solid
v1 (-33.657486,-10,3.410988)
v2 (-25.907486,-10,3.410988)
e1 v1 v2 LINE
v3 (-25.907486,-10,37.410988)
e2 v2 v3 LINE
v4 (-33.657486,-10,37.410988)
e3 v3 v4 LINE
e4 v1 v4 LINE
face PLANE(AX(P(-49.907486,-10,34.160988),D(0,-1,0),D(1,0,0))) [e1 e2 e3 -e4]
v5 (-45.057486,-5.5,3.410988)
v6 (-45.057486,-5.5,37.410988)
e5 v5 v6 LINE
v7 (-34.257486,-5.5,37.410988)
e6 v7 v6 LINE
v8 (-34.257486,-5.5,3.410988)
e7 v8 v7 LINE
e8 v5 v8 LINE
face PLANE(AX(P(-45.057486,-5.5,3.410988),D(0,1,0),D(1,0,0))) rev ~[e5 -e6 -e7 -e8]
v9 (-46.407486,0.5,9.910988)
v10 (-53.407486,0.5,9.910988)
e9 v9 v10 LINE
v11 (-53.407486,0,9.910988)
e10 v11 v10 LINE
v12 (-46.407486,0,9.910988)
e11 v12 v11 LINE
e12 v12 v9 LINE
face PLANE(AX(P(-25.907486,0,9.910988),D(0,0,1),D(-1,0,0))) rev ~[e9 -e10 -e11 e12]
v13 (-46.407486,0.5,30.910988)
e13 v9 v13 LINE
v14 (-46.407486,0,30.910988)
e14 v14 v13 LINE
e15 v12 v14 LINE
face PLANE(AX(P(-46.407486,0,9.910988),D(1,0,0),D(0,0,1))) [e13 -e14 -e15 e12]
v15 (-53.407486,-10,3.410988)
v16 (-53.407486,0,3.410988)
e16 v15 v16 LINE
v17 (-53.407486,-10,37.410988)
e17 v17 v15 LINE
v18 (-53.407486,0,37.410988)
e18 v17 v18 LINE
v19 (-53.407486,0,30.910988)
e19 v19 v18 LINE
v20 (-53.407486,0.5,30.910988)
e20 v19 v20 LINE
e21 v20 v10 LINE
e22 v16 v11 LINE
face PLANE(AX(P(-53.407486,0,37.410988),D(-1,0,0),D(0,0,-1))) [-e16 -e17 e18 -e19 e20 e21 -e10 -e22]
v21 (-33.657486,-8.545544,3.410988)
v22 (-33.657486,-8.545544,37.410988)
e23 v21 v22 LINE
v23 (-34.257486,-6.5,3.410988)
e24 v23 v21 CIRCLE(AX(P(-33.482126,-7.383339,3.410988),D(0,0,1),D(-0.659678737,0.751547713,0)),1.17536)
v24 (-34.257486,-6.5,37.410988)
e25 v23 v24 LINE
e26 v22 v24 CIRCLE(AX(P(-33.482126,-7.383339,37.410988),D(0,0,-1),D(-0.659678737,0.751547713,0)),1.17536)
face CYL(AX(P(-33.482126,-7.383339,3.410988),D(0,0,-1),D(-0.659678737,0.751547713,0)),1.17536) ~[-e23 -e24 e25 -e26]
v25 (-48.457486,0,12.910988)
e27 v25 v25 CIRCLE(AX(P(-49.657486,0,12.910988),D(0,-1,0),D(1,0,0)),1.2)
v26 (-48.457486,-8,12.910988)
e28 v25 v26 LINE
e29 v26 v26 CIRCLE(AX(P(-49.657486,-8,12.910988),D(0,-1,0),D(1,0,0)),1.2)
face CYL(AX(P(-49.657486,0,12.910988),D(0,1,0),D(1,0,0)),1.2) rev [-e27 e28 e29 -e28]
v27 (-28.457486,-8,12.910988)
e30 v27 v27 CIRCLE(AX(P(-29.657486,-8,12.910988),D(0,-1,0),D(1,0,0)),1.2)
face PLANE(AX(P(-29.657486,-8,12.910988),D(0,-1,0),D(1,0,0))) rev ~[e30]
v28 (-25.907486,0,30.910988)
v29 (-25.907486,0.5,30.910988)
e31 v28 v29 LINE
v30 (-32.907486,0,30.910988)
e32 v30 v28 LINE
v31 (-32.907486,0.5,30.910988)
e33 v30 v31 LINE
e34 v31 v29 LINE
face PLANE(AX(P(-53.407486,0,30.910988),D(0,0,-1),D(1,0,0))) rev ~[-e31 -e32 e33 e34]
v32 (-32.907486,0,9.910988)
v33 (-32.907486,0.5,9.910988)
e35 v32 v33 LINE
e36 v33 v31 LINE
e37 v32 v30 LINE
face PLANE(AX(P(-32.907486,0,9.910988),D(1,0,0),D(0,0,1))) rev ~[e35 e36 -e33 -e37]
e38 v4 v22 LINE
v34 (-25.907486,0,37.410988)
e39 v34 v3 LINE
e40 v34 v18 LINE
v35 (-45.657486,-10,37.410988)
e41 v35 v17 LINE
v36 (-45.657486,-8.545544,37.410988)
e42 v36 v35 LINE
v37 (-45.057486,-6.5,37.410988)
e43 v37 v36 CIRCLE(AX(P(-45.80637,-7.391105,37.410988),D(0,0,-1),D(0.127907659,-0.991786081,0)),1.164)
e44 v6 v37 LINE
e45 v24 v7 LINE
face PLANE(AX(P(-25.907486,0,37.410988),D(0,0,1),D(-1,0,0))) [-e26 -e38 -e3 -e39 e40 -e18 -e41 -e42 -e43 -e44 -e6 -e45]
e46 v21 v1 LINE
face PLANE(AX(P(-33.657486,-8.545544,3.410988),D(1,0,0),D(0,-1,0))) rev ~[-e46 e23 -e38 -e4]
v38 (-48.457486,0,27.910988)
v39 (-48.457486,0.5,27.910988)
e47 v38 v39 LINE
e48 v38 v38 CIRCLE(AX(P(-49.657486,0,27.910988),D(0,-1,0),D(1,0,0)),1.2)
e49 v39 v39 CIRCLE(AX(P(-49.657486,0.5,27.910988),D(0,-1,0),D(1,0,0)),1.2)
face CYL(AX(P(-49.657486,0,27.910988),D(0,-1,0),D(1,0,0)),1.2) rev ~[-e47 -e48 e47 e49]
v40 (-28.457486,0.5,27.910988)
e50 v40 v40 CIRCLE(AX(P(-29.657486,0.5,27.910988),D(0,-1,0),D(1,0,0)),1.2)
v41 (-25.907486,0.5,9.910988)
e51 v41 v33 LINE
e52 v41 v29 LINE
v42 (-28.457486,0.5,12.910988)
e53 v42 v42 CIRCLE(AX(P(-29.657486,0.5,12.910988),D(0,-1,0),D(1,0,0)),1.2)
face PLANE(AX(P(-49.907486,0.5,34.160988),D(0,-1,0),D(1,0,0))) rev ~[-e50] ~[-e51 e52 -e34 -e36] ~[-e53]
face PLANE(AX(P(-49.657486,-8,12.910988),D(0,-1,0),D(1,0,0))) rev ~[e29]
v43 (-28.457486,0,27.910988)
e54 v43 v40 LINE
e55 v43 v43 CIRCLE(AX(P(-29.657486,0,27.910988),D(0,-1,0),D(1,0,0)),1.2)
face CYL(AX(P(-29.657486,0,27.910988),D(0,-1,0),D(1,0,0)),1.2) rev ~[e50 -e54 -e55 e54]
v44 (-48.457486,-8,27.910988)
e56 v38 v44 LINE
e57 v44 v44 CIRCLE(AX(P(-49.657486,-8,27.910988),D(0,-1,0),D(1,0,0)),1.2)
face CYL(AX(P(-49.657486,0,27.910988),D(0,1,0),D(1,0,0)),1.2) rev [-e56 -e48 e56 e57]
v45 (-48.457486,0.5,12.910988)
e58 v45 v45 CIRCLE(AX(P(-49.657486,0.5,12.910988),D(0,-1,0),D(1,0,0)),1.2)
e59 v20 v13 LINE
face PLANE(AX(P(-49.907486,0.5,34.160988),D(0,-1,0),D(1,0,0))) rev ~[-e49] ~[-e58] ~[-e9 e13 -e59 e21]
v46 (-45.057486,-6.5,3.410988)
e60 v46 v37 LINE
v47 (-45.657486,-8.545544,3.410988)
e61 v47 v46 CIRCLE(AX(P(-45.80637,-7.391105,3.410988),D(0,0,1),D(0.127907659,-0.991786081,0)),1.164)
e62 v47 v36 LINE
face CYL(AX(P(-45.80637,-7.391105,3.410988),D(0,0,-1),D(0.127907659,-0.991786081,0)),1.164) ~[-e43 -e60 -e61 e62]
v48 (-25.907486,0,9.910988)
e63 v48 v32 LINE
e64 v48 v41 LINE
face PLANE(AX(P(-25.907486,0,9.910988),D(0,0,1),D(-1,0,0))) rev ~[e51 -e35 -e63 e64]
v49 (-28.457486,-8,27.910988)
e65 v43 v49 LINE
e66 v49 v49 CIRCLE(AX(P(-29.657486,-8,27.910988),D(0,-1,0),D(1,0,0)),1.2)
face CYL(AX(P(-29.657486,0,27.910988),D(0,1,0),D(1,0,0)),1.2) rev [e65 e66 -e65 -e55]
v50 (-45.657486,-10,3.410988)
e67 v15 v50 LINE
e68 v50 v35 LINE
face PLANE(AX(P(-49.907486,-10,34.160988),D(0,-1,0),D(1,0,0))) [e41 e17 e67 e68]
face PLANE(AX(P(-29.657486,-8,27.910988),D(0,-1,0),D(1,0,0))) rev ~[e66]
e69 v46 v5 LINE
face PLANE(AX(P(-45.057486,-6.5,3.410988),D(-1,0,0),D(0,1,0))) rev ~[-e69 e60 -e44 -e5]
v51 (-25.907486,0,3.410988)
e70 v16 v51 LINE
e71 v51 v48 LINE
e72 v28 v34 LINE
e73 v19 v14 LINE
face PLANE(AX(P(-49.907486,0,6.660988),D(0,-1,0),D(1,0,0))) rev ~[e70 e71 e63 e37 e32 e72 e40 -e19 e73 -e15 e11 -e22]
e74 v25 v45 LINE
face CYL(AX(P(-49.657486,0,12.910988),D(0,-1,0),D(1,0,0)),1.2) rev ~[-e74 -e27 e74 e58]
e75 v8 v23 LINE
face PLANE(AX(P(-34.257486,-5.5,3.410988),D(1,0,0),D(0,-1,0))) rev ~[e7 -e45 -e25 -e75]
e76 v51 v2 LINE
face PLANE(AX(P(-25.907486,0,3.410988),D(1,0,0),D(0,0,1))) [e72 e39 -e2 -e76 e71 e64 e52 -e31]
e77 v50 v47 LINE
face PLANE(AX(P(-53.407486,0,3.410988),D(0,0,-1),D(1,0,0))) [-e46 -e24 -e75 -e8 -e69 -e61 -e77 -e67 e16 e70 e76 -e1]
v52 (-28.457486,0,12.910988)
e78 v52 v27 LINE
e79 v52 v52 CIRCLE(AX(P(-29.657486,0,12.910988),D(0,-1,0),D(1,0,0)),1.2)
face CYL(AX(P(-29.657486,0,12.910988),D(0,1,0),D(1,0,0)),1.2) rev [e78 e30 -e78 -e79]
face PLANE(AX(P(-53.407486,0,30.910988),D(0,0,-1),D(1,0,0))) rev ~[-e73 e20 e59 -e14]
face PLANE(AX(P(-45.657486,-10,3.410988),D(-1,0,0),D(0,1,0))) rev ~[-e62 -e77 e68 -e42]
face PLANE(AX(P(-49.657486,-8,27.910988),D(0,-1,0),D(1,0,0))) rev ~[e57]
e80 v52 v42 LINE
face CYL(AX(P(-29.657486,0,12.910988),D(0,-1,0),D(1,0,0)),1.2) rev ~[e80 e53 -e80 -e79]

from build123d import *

# Parameters (mm, degrees)
F0_W          = 7
F0_H          = 6.5
F0_W_2        = 13.5
F0_H_2        = 21
F0_R          = 1.2
F1_DEPTH      = 10
F1_FACE_W     = 27.5
F1_FACE_H     = 34
F2_DEPTH      = 0.5
F3_DEPTH      = 1
F4_DEPTH      = 8
F4_DEPTH_BACK = 1
F6_DEPTH      = 34.001


with BuildPart() as f1:
    # F0 (on Front) → F1 (new body)
    with BuildSketch(Plane.XZ):
        with Locations((-49.9074855894, 34.1609876885)):
            Rectangle(F0_W, F0_H)
        with Locations((-39.6574855894, 34.1609876885)):
            Rectangle(F0_W_2, F0_H)
        with Locations((-49.9074855894, 20.4109876885)):
            Rectangle(F0_W, F0_H_2)
        with Locations((-49.6574855894, 12.9109876885)):
            Circle(F0_R, mode=Mode.SUBTRACT)
        with Locations((-49.6574855894, 27.9109876885)):
            Circle(F0_R, mode=Mode.SUBTRACT)
        with Locations((-29.4074855894, 34.1609876885)):
            Rectangle(F0_W, F0_H)
        with Locations((-49.9074855894, 6.6609876885)):
            Rectangle(F0_W, F0_H)
        with Locations((-29.4074855894, 20.4109876885)):
            Rectangle(F0_W, F0_H_2)
        with Locations((-29.6574855894, 12.9109876885)):
            Circle(F0_R, mode=Mode.SUBTRACT)
        with Locations((-29.6574855894, 27.9109876885)):
            Circle(F0_R, mode=Mode.SUBTRACT)
        with Locations((-39.6574855894, 6.6609876885)):
            Rectangle(F0_W_2, F0_H)
        with Locations((-29.4074855894, 6.6609876885)):
            Rectangle(F0_W, F0_H)
        with Locations((-39.6574855894, 20.4109876885)):
            Rectangle(F0_W_2, F0_H_2)
        with Locations((-49.6574855894, 27.9109876885)):
            Circle(F0_R)
        with Locations((-49.6574855894, 12.9109876885)):
            Circle(F0_R)
        with Locations((-29.6574855894, 12.9109876885)):
            Circle(F0_R)
        with Locations((-29.6574855894, 27.9109876885)):
            Circle(F0_R)
    extrude(amount=F1_DEPTH)

    # F0 (on Front) + F1_face (on face) → F2 (join)
    with BuildSketch(Plane.XZ):
        with Locations((-49.9074855894, 34.1609876885)):
            Rectangle(F0_W, F0_H)
        with Locations((-39.6574855894, 34.1609876885)):
            Rectangle(F0_W_2, F0_H)
        with Locations((-49.9074855894, 20.4109876885)):
            Rectangle(F0_W, F0_H_2)
        with Locations((-49.6574855894, 12.9109876885)):
            Circle(F0_R, mode=Mode.SUBTRACT)
        with Locations((-49.6574855894, 27.9109876885)):
            Circle(F0_R, mode=Mode.SUBTRACT)
        with Locations((-29.4074855894, 34.1609876885)):
            Rectangle(F0_W, F0_H)
        with Locations((-49.9074855894, 6.6609876885)):
            Rectangle(F0_W, F0_H)
        with Locations((-29.4074855894, 20.4109876885)):
            Rectangle(F0_W, F0_H_2)
        with Locations((-29.6574855894, 12.9109876885)):
            Circle(F0_R, mode=Mode.SUBTRACT)
        with Locations((-29.6574855894, 27.9109876885)):
            Circle(F0_R, mode=Mode.SUBTRACT)
        with Locations((-39.6574855894, 6.6609876885)):
            Rectangle(F0_W_2, F0_H)
        with Locations((-29.4074855894, 6.6609876885)):
            Rectangle(F0_W, F0_H)
        with Locations((-29.6574855894, 27.9109876885)):
            Circle(F0_R)
        with Locations((-49.6574855894, 27.9109876885)):
            Circle(F0_R)
        with Locations((-49.6574855894, 12.9109876885)):
            Circle(F0_R)
        with Locations((-29.6574855894, 12.9109876885)):
            Circle(F0_R)
    with BuildSketch(Plane(origin=(-39.6574855894, -10, 20.4109876885), x_dir=(1, 0, 0), z_dir=(0, -1, 0))):
        Rectangle(F1_FACE_W, F1_FACE_H)
    extrude(amount=-F2_DEPTH)

    # F0 (on Front) → F3 (cut)
    with BuildSketch(Plane.XZ):
        with Locations((-29.4074855894, 34.1609876885)):
            Rectangle(F0_W, F0_H)
        with Locations((-39.6574855894, 34.1609876885)):
            Rectangle(F0_W_2, F0_H)
        with Locations((-49.9074855894, 34.1609876885)):
            Rectangle(F0_W, F0_H)
        with Locations((-49.9074855894, 6.6609876885)):
            Rectangle(F0_W, F0_H)
        with Locations((-39.6574855894, 6.6609876885)):
            Rectangle(F0_W_2, F0_H)
        with Locations((-29.4074855894, 6.6609876885)):
            Rectangle(F0_W, F0_H)
    extrude(amount=-F3_DEPTH, mode=Mode.SUBTRACT)

    # F0 (on Front) → F4 (cut, two sides)
    with BuildSketch(Plane.XZ) as f4_sk:
        with Locations((-29.6574855894, 27.9109876885)):
            Circle(F0_R)
        with Locations((-29.6574855894, 12.9109876885)):
            Circle(F0_R)
        with Locations((-49.6574855894, 12.9109876885)):
            Circle(F0_R)
        with Locations((-49.6574855894, 27.9109876885)):
            Circle(F0_R)
    extrude(amount=F4_DEPTH, mode=Mode.SUBTRACT)
    extrude(f4_sk.sketch, amount=-F4_DEPTH_BACK, mode=Mode.SUBTRACT)

    # F5 (on face) → F6 (cut, through all)
    with BuildSketch(Plane(origin=(0, 0, 3.4109876885), x_dir=(1, 0, 0), z_dir=(0, 0, -1))):
        with BuildLine():
            Line((-33.6574855894, 8.5455439207), (-33.6574855894, 10))
            Line((-33.6574855894, 10), (-45.6574855894, 10))
            Line((-45.6574855894, 10), (-45.6574855894, 8.5455439207))
            ThreePointArc((-45.6574855894, 8.5455439207), (-44.6894279438, 7.7187269742), (-45.0574855894, 6.5))
            Line((-45.0574855894, 6.5), (-45.0574855894, 5.5))
            Line((-45.0574855894, 5.5), (-34.2574855894, 5.5))
            Line((-34.2574855894, 5.5), (-34.2574855894, 6.5))
            ThreePointArc((-34.2574855894, 6.5), (-34.6099684918, 7.7141585825), (-33.6574855894, 8.5455439207))
        make_face()
    extrude(amount=-F6_DEPTH, mode=Mode.SUBTRACT)


solid = f1.part
